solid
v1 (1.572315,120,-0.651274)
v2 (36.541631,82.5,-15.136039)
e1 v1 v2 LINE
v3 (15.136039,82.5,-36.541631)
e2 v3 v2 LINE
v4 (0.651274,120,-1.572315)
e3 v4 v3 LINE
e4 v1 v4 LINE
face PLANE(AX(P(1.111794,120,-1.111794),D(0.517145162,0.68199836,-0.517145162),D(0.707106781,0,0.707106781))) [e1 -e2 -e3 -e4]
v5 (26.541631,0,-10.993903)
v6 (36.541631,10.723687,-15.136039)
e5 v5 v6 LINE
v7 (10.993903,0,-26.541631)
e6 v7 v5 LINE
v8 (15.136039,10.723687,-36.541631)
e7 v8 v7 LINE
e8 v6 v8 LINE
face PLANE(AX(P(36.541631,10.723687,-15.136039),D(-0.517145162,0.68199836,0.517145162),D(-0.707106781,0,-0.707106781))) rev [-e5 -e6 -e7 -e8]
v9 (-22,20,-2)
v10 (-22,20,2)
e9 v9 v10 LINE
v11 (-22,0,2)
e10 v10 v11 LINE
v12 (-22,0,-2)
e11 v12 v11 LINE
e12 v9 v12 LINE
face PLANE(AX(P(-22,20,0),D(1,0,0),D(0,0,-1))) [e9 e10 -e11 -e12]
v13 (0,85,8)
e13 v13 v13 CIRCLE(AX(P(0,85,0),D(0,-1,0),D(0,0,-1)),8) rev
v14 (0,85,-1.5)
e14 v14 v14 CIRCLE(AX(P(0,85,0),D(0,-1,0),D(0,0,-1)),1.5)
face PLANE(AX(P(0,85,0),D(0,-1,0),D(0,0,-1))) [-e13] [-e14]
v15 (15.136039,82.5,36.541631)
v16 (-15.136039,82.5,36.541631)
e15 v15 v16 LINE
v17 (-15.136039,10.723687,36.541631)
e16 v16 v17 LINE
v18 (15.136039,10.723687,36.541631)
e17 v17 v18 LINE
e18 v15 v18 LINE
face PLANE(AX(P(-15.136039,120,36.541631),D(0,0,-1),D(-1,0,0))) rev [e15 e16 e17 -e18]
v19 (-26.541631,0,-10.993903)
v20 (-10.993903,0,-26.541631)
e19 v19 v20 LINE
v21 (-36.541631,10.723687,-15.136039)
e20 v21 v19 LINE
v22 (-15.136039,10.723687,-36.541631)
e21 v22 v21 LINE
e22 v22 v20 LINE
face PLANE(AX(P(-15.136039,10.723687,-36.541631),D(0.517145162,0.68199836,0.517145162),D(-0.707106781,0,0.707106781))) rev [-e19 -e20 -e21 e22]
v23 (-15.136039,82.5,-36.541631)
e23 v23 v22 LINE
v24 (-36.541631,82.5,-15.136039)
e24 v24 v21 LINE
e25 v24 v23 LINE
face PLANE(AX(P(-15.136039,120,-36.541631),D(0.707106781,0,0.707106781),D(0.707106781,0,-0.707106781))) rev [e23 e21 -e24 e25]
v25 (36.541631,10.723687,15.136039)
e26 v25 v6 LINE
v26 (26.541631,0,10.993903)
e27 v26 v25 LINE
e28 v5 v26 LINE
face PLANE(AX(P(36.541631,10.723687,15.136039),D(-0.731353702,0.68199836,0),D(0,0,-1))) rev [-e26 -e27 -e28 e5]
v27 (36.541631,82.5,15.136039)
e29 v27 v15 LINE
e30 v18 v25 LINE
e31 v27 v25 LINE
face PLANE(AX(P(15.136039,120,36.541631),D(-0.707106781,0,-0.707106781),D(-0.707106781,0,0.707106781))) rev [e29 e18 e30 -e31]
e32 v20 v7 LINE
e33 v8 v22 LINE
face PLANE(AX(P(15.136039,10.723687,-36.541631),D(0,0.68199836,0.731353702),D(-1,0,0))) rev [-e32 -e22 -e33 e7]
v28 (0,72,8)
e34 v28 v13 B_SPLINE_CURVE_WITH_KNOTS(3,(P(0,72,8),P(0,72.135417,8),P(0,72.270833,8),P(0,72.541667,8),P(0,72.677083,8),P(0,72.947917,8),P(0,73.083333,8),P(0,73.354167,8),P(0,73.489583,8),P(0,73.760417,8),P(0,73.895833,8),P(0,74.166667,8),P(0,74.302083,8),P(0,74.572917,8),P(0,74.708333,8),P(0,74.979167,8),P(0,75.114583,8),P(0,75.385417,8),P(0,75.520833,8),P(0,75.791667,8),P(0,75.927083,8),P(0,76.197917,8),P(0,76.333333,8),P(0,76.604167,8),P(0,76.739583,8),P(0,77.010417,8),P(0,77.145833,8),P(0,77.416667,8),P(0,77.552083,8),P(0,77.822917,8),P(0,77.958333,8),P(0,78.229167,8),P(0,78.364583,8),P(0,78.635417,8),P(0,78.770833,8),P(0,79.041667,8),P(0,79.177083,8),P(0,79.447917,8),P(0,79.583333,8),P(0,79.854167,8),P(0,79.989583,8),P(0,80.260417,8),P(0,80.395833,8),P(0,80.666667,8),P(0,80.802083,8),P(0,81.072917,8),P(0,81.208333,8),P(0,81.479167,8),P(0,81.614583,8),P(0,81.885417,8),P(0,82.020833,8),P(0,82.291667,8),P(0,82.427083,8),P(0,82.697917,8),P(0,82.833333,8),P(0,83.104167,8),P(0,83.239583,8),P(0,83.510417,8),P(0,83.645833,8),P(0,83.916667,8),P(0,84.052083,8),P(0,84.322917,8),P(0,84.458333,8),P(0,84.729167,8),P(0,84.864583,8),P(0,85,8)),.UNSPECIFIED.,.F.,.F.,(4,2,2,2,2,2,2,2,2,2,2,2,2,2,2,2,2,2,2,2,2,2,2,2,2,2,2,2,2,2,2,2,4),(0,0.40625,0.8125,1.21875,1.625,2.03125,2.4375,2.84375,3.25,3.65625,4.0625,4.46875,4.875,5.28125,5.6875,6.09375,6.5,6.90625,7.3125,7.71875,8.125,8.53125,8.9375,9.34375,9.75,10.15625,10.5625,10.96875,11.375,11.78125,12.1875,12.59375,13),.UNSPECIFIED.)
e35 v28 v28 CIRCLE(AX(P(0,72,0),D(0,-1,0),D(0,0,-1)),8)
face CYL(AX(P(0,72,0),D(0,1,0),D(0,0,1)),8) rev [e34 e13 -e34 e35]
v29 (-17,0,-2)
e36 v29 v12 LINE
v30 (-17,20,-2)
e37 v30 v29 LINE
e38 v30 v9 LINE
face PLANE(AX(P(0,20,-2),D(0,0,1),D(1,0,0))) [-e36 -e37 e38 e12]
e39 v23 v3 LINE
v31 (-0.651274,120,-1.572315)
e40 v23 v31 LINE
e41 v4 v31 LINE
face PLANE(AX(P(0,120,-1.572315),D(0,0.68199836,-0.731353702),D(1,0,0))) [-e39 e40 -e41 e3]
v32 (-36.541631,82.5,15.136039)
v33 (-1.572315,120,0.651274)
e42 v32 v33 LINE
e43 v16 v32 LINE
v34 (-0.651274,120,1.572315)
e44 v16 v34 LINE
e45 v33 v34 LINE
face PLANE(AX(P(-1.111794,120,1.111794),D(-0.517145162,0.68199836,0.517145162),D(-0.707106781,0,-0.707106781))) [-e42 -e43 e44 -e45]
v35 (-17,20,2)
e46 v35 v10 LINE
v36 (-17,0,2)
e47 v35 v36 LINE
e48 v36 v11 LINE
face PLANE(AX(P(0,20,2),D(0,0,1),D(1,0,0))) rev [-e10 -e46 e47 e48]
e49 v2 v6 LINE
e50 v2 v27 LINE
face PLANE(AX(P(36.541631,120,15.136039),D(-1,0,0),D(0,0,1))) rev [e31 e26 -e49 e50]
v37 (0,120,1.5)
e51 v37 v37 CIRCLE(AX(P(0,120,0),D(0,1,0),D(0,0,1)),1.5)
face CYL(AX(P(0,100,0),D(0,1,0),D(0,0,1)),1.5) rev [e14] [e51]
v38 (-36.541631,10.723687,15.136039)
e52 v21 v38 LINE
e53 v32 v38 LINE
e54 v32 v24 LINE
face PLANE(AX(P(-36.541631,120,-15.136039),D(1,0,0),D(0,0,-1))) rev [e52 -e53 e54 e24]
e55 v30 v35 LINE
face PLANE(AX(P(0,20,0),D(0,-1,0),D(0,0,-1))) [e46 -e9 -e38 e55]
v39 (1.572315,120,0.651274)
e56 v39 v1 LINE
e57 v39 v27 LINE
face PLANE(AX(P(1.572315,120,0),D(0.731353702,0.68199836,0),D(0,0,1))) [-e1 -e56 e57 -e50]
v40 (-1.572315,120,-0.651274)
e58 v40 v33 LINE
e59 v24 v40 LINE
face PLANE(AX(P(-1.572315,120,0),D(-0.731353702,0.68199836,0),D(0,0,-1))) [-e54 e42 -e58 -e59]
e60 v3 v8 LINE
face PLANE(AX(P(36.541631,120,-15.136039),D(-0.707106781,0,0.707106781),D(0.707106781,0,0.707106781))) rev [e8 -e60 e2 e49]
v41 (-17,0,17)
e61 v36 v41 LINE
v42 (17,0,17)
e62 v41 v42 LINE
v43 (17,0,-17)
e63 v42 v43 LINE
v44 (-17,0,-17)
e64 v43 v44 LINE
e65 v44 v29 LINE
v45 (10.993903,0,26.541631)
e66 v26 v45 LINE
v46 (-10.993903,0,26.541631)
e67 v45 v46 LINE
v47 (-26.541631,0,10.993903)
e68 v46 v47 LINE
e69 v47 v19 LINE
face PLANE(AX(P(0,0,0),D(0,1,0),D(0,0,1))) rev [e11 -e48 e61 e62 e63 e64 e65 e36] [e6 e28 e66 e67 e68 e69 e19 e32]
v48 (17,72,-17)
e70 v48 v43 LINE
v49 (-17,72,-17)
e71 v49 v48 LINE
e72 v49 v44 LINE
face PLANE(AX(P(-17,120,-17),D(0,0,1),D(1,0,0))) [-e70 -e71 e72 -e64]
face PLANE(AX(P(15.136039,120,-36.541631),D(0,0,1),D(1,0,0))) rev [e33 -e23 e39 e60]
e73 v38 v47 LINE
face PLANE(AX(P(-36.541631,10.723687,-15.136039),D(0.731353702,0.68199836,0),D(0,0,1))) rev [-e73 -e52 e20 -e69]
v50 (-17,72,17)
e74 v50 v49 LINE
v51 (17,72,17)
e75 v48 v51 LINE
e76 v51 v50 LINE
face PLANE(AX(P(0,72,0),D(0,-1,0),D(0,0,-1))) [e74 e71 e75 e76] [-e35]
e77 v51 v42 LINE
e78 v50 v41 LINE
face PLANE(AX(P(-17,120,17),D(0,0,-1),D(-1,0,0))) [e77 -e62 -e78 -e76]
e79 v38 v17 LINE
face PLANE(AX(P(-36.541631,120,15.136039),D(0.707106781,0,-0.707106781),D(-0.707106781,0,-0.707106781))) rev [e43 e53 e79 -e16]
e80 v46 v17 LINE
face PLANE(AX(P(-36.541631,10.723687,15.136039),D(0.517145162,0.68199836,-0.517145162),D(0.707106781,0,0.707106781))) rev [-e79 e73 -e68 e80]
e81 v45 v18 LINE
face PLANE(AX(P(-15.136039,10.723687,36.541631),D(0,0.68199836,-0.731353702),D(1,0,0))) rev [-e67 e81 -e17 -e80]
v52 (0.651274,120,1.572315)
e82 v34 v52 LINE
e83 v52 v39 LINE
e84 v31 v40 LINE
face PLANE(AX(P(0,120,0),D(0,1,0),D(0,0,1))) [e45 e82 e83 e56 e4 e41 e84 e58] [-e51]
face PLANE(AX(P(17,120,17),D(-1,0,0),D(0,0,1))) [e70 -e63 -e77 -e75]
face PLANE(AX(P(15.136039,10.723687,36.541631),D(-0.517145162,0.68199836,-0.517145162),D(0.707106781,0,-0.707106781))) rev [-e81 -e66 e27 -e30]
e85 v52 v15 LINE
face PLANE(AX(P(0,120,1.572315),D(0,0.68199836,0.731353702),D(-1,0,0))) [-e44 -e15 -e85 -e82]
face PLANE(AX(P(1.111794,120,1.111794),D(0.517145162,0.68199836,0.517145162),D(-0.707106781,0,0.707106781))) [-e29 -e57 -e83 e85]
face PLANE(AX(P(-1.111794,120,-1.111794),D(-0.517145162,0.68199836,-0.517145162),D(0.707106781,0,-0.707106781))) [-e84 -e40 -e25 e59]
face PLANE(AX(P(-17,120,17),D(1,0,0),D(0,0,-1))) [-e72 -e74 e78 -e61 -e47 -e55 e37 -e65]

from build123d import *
from OCP.BRepFilletAPI import BRepFilletAPI_MakeChamfer

# Parameters (mm, degrees)
SKETCH1_W           = 34
SKETCH1_H           = 34
BOSS_EXTRUDE1_DEPTH = 120
SKETCH2_W           = 34
SKETCH2_H           = 34
SKETCH2_R           = 1.5
BOSS_EXTRUDE2_DEPTH = 20
SKETCH4_W           = 34
SKETCH4_H           = 34
SKETCH4_R           = 1.5
BOSS_EXTRUDE5_DEPTH = 15
SKETCH3_W           = 34
SKETCH3_H           = 34
SKETCH3_R           = 8
BOSS_EXTRUDE3_DEPTH = 13
CHAMFER1_SIZE       = 37.5
CHAMFER1_SIZE2      = 34.96931573
CHAMFER2_SIZE       = 10
CHAMFER2_SIZE2      = 10.7236871
SKETCH5_W           = 5
SKETCH5_H           = 4
CUT_EXTRUDE1_DEPTH  = 20


with BuildPart() as part:
    # Sketch1 → Boss-Extrude1 (new body)
    with BuildSketch(Plane(origin=(0, 0, 0), x_dir=(1, 0, 0), z_dir=(0, 1, 0))):
        Polygon((-15.136038969, 36.54163056), (-36.54163056, 15.136038969), (-36.54163056, -15.136038969), (-15.136038969, -36.54163056), (15.136038969, -36.54163056), (36.54163056, -15.136038969), (36.54163056, 15.136038969), (15.136038969, 36.54163056), align=None)
        Rectangle(SKETCH1_W, SKETCH1_H, mode=Mode.SUBTRACT)
    extrude(amount=BOSS_EXTRUDE1_DEPTH)

    # Sketch2 → Boss-Extrude2 (add)
    with BuildSketch(Plane(origin=(0, 120, 0), x_dir=(1, 0, 0), z_dir=(0, 1, 0))):
        Polygon((36.54163056, 15.136038969), (15.136038969, 36.54163056), (-15.136038969, 36.54163056), (-36.54163056, 15.136038969), (-36.54163056, -15.136038969), (-15.136038969, -36.54163056), (15.136038969, -36.54163056), (36.54163056, -15.136038969), align=None)
        Rectangle(SKETCH2_W, SKETCH2_H, mode=Mode.SUBTRACT)
        Rectangle(SKETCH2_W, SKETCH2_H)
        with Locations(Location((0, 0, 0), (0, 0, 270))):
            Circle(SKETCH2_R, mode=Mode.SUBTRACT)
    extrude(amount=-BOSS_EXTRUDE2_DEPTH)

    # Sketch4 → Boss-Extrude5 (add)
    with BuildSketch(Plane.XZ.offset(-100)):
        Rectangle(SKETCH4_W, SKETCH4_H)
        with Locations(Location((0, 0, 0), (0, 0, 90))):
            Circle(SKETCH4_R, mode=Mode.SUBTRACT)
    extrude(amount=BOSS_EXTRUDE5_DEPTH)

    # Sketch3 → Boss-Extrude3 (add)
    with BuildSketch(Plane.XZ.offset(-85)):
        Rectangle(SKETCH3_W, SKETCH3_H)
        with Locations(Location((0, 0, 0), (0, 0, 90))):
            Circle(SKETCH3_R, mode=Mode.SUBTRACT)
    extrude(amount=BOSS_EXTRUDE3_DEPTH)

    # Chamfer1: one chamfer whose edges measure the first distance from different faces: ONE call of the kernel's chamfer builder (chamfer() names one face for all edges)
    chamfer1_edges_1 = [part.edges().sort_by_distance(p)[0] for p in [
        (-36.54163056, 120, 0),
    ]]
    chamfer1_side_1 = [part.faces().sort_by_distance(p)[0] for p in [
        (-36.54163056, 60, 0),
    ]]
    chamfer1_edges_2 = [part.edges().sort_by_distance(p)[0] for p in [
        (-25.838834765, 120, 25.838834765),
    ]]
    chamfer1_side_2 = [part.faces().sort_by_distance(p)[0] for p in [
        (-25.838834765, 60, 25.838834765),
    ]]
    chamfer1_edges_3 = [part.edges().sort_by_distance(p)[0] for p in [
        (0, 120, 36.54163056),
    ]]
    chamfer1_side_3 = [part.faces().sort_by_distance(p)[0] for p in [
        (0, 60, 36.54163056),
    ]]
    chamfer1_edges_4 = [part.edges().sort_by_distance(p)[0] for p in [
        (25.838834765, 120, 25.838834765),
    ]]
    chamfer1_side_4 = [part.faces().sort_by_distance(p)[0] for p in [
        (25.838834765, 60, 25.838834765),
    ]]
    chamfer1_edges_5 = [part.edges().sort_by_distance(p)[0] for p in [
        (36.54163056, 120, 0),
    ]]
    chamfer1_side_5 = [part.faces().sort_by_distance(p)[0] for p in [
        (36.54163056, 60, 0),
    ]]
    chamfer1_edges_6 = [part.edges().sort_by_distance(p)[0] for p in [
        (25.838834765, 120, -25.838834765),
    ]]
    chamfer1_side_6 = [part.faces().sort_by_distance(p)[0] for p in [
        (25.838834765, 60, -25.838834765),
    ]]
    chamfer1_edges_7 = [part.edges().sort_by_distance(p)[0] for p in [
        (0, 120, -36.54163056),
    ]]
    chamfer1_side_7 = [part.faces().sort_by_distance(p)[0] for p in [
        (0, 60, -36.54163056),
    ]]
    chamfer1_edges_8 = [part.edges().sort_by_distance(p)[0] for p in [
        (-25.838834765, 120, -25.838834765),
    ]]
    chamfer1_side_8 = [part.faces().sort_by_distance(p)[0] for p in [
        (-25.838834765, 60, -25.838834765),
    ]]
    chamfer1 = BRepFilletAPI_MakeChamfer(part.part.solid().wrapped)
    for e in chamfer1_edges_1:
        chamfer1.Add(CHAMFER1_SIZE, CHAMFER1_SIZE2, e.wrapped, chamfer1_side_1[0].wrapped)  # the first distance lies on this face
    for e in chamfer1_edges_2:
        chamfer1.Add(CHAMFER1_SIZE, CHAMFER1_SIZE2, e.wrapped, chamfer1_side_2[0].wrapped)  # the first distance lies on this face
    for e in chamfer1_edges_3:
        chamfer1.Add(CHAMFER1_SIZE, CHAMFER1_SIZE2, e.wrapped, chamfer1_side_3[0].wrapped)  # the first distance lies on this face
    for e in chamfer1_edges_4:
        chamfer1.Add(CHAMFER1_SIZE, CHAMFER1_SIZE2, e.wrapped, chamfer1_side_4[0].wrapped)  # the first distance lies on this face
    for e in chamfer1_edges_5:
        chamfer1.Add(CHAMFER1_SIZE, CHAMFER1_SIZE2, e.wrapped, chamfer1_side_5[0].wrapped)  # the first distance lies on this face
    for e in chamfer1_edges_6:
        chamfer1.Add(CHAMFER1_SIZE, CHAMFER1_SIZE2, e.wrapped, chamfer1_side_6[0].wrapped)  # the first distance lies on this face
    for e in chamfer1_edges_7:
        chamfer1.Add(CHAMFER1_SIZE, CHAMFER1_SIZE2, e.wrapped, chamfer1_side_7[0].wrapped)  # the first distance lies on this face
    for e in chamfer1_edges_8:
        chamfer1.Add(CHAMFER1_SIZE, CHAMFER1_SIZE2, e.wrapped, chamfer1_side_8[0].wrapped)  # the first distance lies on this face
    add(Compound.cast(chamfer1.Shape()), mode=Mode.REPLACE)

    # Chamfer2
    chamfer2_edges = [part.edges().sort_by_distance(p)[0] for p in [
        (-25.838834765, 0, -25.838834765),
        (0, 0, -36.54163056),
        (25.838834765, 0, -25.838834765),
        (36.54163056, 0, 0),
        (25.838834765, 0, 25.838834765),
        (0, 0, 36.54163056),
        (-25.838834765, 0, 25.838834765),
        (-36.54163056, 0, 0),
    ]]
    chamfer2_side = [part.faces().sort_by_distance(p)[0] for p in [
        (-25.108002154, 0, -25.108002154),
    ]]
    chamfer(chamfer2_edges, length=CHAMFER2_SIZE, length2=CHAMFER2_SIZE2, reference=chamfer2_side[0])

    # Sketch5 → Cut-Extrude1 (cut)
    with BuildSketch(Plane.XZ):
        with Locations((-19.5, 0)):
            Rectangle(SKETCH5_W, SKETCH5_H)
    extrude(amount=-CUT_EXTRUDE1_DEPTH, mode=Mode.SUBTRACT)


solid = part.part
